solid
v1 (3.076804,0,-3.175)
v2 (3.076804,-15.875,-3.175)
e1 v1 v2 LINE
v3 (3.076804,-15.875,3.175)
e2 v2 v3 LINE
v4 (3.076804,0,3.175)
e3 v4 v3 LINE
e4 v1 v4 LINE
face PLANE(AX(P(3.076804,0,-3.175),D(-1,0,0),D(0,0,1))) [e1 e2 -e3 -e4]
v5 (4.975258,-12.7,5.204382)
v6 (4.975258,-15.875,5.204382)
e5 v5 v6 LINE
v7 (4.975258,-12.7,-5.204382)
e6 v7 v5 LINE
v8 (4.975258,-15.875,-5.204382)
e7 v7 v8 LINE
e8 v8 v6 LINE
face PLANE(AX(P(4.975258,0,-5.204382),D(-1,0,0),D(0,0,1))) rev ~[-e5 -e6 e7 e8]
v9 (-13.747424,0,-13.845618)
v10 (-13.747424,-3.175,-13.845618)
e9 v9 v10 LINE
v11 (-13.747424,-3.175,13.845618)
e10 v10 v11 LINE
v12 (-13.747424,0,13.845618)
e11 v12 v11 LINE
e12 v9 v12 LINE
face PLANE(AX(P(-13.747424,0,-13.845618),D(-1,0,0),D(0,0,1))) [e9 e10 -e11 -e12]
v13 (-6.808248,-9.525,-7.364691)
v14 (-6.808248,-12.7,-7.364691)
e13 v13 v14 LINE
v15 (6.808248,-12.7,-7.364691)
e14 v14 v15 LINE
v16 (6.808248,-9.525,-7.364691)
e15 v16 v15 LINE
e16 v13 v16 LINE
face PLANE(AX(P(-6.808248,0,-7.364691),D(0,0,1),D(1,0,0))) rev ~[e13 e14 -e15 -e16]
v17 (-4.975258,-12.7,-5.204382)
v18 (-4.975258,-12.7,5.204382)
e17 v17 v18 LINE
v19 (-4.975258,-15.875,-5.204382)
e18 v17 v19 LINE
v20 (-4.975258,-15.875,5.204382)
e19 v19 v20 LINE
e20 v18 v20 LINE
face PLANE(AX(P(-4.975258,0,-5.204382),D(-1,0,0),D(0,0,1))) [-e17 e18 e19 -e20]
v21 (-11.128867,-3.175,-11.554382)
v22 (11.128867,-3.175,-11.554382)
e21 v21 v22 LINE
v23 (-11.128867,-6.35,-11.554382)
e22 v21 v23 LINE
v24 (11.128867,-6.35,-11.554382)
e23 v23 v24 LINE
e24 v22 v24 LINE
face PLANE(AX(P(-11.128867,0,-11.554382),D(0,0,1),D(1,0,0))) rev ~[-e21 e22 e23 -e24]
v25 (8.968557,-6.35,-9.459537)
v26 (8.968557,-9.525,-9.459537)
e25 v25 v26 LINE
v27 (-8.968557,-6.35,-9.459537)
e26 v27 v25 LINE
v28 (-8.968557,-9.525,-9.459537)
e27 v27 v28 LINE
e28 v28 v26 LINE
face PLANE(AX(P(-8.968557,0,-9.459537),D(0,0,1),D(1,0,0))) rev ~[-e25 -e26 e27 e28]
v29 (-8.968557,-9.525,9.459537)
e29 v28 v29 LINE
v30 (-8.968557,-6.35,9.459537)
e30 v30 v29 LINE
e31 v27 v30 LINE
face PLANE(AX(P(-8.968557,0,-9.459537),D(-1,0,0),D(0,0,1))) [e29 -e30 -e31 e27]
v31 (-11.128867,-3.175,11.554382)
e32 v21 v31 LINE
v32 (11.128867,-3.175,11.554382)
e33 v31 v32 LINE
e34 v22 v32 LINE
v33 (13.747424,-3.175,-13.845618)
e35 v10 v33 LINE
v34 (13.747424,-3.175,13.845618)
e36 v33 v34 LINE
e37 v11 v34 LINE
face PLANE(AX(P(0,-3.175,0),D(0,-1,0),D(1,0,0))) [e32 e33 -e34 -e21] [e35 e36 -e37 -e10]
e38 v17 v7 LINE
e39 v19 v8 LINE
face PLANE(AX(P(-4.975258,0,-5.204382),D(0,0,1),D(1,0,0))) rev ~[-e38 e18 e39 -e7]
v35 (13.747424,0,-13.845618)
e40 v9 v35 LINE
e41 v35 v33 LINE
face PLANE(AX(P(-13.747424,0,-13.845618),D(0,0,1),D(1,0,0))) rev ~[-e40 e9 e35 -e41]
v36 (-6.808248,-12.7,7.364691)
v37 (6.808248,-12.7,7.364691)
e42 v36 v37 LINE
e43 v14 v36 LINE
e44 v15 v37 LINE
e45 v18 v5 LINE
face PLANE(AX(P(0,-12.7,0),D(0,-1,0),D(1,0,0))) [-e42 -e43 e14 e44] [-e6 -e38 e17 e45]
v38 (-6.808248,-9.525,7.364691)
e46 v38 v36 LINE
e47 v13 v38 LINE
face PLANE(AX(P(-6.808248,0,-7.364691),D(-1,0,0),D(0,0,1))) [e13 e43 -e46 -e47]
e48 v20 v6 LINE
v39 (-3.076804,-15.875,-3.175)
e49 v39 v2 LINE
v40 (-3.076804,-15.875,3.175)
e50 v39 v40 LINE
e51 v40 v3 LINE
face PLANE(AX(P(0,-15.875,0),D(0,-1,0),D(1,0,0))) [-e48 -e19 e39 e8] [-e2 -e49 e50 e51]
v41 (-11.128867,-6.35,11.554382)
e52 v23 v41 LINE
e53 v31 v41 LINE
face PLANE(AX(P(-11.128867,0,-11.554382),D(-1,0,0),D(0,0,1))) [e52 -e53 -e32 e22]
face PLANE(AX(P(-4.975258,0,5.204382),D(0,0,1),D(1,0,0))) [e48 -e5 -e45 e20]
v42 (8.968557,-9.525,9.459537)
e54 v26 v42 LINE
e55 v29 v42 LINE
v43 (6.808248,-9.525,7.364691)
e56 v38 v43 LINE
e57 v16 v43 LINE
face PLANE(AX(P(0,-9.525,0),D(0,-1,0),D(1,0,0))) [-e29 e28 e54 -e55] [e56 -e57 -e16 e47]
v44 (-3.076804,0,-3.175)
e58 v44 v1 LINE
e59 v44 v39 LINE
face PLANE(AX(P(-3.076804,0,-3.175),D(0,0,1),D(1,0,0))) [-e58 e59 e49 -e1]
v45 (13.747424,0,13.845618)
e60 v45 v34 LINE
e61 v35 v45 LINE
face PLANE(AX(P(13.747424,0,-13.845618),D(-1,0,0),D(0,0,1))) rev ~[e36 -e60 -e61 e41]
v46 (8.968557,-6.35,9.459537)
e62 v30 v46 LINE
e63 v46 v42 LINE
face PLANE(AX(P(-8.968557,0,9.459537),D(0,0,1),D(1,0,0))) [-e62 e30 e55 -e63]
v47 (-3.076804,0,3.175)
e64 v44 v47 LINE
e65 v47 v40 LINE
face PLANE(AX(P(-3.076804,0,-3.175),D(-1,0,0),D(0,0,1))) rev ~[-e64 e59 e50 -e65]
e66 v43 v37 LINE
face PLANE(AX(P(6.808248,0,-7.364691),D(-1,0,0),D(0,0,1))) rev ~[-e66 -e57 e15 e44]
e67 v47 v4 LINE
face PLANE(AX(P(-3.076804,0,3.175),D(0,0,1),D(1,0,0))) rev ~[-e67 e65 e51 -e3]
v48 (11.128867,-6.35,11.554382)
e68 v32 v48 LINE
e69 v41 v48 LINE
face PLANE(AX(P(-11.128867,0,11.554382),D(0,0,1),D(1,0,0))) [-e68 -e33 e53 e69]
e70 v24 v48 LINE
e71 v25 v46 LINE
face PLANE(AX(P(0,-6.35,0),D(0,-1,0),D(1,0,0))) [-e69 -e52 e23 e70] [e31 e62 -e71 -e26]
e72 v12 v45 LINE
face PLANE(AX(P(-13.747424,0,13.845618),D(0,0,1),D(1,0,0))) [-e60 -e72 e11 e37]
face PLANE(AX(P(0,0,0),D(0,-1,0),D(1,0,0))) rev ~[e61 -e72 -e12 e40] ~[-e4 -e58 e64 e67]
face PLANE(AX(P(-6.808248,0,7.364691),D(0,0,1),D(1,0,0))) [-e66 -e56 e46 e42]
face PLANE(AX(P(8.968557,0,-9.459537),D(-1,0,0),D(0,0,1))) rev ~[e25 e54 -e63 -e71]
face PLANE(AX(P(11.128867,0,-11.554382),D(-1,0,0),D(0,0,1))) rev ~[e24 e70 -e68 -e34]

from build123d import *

# Parameters (mm, degrees)
F0_W     = 27.494848
F0_H     = 27.691236
F0_W_2   = 22.257734
F0_H_2   = 23.108764
F1_DEPTH = 3.175
F0_W_3   = 17.937114
F0_H_3   = 18.919074
F2_DEPTH = 6.35
F0_W_4   = 13.616496
F0_H_4   = 14.729382
F3_DEPTH = 9.525
F0_W_5   = 9.950516
F0_H_5   = 10.408764
F4_DEPTH = 12.7
F0_W_6   = 6.153608
F0_H_6   = 6.35
F5_DEPTH = 15.875


with BuildPart() as f1:
    # F0 (on Front) → F1 (new body)
    with BuildSketch(Plane.XZ):
        Rectangle(F0_W, F0_H)
        Rectangle(F0_W_2, F0_H_2, mode=Mode.SUBTRACT)
    extrude(amount=F1_DEPTH)

    # F0 (on Front) → F2 (join)
    with BuildSketch(Plane.XZ):
        Rectangle(F0_W_2, F0_H_2)
        Rectangle(F0_W_3, F0_H_3, mode=Mode.SUBTRACT)
    extrude(amount=F2_DEPTH)

    # F0 (on Front) → F3 (join)
    with BuildSketch(Plane.XZ):
        Rectangle(F0_W_3, F0_H_3)
        Rectangle(F0_W_4, F0_H_4, mode=Mode.SUBTRACT)
    extrude(amount=F3_DEPTH)

    # F0 (on Front) → F4 (join)
    with BuildSketch(Plane.XZ):
        Rectangle(F0_W_4, F0_H_4)
        Rectangle(F0_W_5, F0_H_5, mode=Mode.SUBTRACT)
    extrude(amount=F4_DEPTH)

    # F0 (on Front) → F5 (join)
    with BuildSketch(Plane.XZ):
        Rectangle(F0_W_5, F0_H_5)
        Rectangle(F0_W_6, F0_H_6, mode=Mode.SUBTRACT)
    extrude(amount=F5_DEPTH)


solid = f1.part
